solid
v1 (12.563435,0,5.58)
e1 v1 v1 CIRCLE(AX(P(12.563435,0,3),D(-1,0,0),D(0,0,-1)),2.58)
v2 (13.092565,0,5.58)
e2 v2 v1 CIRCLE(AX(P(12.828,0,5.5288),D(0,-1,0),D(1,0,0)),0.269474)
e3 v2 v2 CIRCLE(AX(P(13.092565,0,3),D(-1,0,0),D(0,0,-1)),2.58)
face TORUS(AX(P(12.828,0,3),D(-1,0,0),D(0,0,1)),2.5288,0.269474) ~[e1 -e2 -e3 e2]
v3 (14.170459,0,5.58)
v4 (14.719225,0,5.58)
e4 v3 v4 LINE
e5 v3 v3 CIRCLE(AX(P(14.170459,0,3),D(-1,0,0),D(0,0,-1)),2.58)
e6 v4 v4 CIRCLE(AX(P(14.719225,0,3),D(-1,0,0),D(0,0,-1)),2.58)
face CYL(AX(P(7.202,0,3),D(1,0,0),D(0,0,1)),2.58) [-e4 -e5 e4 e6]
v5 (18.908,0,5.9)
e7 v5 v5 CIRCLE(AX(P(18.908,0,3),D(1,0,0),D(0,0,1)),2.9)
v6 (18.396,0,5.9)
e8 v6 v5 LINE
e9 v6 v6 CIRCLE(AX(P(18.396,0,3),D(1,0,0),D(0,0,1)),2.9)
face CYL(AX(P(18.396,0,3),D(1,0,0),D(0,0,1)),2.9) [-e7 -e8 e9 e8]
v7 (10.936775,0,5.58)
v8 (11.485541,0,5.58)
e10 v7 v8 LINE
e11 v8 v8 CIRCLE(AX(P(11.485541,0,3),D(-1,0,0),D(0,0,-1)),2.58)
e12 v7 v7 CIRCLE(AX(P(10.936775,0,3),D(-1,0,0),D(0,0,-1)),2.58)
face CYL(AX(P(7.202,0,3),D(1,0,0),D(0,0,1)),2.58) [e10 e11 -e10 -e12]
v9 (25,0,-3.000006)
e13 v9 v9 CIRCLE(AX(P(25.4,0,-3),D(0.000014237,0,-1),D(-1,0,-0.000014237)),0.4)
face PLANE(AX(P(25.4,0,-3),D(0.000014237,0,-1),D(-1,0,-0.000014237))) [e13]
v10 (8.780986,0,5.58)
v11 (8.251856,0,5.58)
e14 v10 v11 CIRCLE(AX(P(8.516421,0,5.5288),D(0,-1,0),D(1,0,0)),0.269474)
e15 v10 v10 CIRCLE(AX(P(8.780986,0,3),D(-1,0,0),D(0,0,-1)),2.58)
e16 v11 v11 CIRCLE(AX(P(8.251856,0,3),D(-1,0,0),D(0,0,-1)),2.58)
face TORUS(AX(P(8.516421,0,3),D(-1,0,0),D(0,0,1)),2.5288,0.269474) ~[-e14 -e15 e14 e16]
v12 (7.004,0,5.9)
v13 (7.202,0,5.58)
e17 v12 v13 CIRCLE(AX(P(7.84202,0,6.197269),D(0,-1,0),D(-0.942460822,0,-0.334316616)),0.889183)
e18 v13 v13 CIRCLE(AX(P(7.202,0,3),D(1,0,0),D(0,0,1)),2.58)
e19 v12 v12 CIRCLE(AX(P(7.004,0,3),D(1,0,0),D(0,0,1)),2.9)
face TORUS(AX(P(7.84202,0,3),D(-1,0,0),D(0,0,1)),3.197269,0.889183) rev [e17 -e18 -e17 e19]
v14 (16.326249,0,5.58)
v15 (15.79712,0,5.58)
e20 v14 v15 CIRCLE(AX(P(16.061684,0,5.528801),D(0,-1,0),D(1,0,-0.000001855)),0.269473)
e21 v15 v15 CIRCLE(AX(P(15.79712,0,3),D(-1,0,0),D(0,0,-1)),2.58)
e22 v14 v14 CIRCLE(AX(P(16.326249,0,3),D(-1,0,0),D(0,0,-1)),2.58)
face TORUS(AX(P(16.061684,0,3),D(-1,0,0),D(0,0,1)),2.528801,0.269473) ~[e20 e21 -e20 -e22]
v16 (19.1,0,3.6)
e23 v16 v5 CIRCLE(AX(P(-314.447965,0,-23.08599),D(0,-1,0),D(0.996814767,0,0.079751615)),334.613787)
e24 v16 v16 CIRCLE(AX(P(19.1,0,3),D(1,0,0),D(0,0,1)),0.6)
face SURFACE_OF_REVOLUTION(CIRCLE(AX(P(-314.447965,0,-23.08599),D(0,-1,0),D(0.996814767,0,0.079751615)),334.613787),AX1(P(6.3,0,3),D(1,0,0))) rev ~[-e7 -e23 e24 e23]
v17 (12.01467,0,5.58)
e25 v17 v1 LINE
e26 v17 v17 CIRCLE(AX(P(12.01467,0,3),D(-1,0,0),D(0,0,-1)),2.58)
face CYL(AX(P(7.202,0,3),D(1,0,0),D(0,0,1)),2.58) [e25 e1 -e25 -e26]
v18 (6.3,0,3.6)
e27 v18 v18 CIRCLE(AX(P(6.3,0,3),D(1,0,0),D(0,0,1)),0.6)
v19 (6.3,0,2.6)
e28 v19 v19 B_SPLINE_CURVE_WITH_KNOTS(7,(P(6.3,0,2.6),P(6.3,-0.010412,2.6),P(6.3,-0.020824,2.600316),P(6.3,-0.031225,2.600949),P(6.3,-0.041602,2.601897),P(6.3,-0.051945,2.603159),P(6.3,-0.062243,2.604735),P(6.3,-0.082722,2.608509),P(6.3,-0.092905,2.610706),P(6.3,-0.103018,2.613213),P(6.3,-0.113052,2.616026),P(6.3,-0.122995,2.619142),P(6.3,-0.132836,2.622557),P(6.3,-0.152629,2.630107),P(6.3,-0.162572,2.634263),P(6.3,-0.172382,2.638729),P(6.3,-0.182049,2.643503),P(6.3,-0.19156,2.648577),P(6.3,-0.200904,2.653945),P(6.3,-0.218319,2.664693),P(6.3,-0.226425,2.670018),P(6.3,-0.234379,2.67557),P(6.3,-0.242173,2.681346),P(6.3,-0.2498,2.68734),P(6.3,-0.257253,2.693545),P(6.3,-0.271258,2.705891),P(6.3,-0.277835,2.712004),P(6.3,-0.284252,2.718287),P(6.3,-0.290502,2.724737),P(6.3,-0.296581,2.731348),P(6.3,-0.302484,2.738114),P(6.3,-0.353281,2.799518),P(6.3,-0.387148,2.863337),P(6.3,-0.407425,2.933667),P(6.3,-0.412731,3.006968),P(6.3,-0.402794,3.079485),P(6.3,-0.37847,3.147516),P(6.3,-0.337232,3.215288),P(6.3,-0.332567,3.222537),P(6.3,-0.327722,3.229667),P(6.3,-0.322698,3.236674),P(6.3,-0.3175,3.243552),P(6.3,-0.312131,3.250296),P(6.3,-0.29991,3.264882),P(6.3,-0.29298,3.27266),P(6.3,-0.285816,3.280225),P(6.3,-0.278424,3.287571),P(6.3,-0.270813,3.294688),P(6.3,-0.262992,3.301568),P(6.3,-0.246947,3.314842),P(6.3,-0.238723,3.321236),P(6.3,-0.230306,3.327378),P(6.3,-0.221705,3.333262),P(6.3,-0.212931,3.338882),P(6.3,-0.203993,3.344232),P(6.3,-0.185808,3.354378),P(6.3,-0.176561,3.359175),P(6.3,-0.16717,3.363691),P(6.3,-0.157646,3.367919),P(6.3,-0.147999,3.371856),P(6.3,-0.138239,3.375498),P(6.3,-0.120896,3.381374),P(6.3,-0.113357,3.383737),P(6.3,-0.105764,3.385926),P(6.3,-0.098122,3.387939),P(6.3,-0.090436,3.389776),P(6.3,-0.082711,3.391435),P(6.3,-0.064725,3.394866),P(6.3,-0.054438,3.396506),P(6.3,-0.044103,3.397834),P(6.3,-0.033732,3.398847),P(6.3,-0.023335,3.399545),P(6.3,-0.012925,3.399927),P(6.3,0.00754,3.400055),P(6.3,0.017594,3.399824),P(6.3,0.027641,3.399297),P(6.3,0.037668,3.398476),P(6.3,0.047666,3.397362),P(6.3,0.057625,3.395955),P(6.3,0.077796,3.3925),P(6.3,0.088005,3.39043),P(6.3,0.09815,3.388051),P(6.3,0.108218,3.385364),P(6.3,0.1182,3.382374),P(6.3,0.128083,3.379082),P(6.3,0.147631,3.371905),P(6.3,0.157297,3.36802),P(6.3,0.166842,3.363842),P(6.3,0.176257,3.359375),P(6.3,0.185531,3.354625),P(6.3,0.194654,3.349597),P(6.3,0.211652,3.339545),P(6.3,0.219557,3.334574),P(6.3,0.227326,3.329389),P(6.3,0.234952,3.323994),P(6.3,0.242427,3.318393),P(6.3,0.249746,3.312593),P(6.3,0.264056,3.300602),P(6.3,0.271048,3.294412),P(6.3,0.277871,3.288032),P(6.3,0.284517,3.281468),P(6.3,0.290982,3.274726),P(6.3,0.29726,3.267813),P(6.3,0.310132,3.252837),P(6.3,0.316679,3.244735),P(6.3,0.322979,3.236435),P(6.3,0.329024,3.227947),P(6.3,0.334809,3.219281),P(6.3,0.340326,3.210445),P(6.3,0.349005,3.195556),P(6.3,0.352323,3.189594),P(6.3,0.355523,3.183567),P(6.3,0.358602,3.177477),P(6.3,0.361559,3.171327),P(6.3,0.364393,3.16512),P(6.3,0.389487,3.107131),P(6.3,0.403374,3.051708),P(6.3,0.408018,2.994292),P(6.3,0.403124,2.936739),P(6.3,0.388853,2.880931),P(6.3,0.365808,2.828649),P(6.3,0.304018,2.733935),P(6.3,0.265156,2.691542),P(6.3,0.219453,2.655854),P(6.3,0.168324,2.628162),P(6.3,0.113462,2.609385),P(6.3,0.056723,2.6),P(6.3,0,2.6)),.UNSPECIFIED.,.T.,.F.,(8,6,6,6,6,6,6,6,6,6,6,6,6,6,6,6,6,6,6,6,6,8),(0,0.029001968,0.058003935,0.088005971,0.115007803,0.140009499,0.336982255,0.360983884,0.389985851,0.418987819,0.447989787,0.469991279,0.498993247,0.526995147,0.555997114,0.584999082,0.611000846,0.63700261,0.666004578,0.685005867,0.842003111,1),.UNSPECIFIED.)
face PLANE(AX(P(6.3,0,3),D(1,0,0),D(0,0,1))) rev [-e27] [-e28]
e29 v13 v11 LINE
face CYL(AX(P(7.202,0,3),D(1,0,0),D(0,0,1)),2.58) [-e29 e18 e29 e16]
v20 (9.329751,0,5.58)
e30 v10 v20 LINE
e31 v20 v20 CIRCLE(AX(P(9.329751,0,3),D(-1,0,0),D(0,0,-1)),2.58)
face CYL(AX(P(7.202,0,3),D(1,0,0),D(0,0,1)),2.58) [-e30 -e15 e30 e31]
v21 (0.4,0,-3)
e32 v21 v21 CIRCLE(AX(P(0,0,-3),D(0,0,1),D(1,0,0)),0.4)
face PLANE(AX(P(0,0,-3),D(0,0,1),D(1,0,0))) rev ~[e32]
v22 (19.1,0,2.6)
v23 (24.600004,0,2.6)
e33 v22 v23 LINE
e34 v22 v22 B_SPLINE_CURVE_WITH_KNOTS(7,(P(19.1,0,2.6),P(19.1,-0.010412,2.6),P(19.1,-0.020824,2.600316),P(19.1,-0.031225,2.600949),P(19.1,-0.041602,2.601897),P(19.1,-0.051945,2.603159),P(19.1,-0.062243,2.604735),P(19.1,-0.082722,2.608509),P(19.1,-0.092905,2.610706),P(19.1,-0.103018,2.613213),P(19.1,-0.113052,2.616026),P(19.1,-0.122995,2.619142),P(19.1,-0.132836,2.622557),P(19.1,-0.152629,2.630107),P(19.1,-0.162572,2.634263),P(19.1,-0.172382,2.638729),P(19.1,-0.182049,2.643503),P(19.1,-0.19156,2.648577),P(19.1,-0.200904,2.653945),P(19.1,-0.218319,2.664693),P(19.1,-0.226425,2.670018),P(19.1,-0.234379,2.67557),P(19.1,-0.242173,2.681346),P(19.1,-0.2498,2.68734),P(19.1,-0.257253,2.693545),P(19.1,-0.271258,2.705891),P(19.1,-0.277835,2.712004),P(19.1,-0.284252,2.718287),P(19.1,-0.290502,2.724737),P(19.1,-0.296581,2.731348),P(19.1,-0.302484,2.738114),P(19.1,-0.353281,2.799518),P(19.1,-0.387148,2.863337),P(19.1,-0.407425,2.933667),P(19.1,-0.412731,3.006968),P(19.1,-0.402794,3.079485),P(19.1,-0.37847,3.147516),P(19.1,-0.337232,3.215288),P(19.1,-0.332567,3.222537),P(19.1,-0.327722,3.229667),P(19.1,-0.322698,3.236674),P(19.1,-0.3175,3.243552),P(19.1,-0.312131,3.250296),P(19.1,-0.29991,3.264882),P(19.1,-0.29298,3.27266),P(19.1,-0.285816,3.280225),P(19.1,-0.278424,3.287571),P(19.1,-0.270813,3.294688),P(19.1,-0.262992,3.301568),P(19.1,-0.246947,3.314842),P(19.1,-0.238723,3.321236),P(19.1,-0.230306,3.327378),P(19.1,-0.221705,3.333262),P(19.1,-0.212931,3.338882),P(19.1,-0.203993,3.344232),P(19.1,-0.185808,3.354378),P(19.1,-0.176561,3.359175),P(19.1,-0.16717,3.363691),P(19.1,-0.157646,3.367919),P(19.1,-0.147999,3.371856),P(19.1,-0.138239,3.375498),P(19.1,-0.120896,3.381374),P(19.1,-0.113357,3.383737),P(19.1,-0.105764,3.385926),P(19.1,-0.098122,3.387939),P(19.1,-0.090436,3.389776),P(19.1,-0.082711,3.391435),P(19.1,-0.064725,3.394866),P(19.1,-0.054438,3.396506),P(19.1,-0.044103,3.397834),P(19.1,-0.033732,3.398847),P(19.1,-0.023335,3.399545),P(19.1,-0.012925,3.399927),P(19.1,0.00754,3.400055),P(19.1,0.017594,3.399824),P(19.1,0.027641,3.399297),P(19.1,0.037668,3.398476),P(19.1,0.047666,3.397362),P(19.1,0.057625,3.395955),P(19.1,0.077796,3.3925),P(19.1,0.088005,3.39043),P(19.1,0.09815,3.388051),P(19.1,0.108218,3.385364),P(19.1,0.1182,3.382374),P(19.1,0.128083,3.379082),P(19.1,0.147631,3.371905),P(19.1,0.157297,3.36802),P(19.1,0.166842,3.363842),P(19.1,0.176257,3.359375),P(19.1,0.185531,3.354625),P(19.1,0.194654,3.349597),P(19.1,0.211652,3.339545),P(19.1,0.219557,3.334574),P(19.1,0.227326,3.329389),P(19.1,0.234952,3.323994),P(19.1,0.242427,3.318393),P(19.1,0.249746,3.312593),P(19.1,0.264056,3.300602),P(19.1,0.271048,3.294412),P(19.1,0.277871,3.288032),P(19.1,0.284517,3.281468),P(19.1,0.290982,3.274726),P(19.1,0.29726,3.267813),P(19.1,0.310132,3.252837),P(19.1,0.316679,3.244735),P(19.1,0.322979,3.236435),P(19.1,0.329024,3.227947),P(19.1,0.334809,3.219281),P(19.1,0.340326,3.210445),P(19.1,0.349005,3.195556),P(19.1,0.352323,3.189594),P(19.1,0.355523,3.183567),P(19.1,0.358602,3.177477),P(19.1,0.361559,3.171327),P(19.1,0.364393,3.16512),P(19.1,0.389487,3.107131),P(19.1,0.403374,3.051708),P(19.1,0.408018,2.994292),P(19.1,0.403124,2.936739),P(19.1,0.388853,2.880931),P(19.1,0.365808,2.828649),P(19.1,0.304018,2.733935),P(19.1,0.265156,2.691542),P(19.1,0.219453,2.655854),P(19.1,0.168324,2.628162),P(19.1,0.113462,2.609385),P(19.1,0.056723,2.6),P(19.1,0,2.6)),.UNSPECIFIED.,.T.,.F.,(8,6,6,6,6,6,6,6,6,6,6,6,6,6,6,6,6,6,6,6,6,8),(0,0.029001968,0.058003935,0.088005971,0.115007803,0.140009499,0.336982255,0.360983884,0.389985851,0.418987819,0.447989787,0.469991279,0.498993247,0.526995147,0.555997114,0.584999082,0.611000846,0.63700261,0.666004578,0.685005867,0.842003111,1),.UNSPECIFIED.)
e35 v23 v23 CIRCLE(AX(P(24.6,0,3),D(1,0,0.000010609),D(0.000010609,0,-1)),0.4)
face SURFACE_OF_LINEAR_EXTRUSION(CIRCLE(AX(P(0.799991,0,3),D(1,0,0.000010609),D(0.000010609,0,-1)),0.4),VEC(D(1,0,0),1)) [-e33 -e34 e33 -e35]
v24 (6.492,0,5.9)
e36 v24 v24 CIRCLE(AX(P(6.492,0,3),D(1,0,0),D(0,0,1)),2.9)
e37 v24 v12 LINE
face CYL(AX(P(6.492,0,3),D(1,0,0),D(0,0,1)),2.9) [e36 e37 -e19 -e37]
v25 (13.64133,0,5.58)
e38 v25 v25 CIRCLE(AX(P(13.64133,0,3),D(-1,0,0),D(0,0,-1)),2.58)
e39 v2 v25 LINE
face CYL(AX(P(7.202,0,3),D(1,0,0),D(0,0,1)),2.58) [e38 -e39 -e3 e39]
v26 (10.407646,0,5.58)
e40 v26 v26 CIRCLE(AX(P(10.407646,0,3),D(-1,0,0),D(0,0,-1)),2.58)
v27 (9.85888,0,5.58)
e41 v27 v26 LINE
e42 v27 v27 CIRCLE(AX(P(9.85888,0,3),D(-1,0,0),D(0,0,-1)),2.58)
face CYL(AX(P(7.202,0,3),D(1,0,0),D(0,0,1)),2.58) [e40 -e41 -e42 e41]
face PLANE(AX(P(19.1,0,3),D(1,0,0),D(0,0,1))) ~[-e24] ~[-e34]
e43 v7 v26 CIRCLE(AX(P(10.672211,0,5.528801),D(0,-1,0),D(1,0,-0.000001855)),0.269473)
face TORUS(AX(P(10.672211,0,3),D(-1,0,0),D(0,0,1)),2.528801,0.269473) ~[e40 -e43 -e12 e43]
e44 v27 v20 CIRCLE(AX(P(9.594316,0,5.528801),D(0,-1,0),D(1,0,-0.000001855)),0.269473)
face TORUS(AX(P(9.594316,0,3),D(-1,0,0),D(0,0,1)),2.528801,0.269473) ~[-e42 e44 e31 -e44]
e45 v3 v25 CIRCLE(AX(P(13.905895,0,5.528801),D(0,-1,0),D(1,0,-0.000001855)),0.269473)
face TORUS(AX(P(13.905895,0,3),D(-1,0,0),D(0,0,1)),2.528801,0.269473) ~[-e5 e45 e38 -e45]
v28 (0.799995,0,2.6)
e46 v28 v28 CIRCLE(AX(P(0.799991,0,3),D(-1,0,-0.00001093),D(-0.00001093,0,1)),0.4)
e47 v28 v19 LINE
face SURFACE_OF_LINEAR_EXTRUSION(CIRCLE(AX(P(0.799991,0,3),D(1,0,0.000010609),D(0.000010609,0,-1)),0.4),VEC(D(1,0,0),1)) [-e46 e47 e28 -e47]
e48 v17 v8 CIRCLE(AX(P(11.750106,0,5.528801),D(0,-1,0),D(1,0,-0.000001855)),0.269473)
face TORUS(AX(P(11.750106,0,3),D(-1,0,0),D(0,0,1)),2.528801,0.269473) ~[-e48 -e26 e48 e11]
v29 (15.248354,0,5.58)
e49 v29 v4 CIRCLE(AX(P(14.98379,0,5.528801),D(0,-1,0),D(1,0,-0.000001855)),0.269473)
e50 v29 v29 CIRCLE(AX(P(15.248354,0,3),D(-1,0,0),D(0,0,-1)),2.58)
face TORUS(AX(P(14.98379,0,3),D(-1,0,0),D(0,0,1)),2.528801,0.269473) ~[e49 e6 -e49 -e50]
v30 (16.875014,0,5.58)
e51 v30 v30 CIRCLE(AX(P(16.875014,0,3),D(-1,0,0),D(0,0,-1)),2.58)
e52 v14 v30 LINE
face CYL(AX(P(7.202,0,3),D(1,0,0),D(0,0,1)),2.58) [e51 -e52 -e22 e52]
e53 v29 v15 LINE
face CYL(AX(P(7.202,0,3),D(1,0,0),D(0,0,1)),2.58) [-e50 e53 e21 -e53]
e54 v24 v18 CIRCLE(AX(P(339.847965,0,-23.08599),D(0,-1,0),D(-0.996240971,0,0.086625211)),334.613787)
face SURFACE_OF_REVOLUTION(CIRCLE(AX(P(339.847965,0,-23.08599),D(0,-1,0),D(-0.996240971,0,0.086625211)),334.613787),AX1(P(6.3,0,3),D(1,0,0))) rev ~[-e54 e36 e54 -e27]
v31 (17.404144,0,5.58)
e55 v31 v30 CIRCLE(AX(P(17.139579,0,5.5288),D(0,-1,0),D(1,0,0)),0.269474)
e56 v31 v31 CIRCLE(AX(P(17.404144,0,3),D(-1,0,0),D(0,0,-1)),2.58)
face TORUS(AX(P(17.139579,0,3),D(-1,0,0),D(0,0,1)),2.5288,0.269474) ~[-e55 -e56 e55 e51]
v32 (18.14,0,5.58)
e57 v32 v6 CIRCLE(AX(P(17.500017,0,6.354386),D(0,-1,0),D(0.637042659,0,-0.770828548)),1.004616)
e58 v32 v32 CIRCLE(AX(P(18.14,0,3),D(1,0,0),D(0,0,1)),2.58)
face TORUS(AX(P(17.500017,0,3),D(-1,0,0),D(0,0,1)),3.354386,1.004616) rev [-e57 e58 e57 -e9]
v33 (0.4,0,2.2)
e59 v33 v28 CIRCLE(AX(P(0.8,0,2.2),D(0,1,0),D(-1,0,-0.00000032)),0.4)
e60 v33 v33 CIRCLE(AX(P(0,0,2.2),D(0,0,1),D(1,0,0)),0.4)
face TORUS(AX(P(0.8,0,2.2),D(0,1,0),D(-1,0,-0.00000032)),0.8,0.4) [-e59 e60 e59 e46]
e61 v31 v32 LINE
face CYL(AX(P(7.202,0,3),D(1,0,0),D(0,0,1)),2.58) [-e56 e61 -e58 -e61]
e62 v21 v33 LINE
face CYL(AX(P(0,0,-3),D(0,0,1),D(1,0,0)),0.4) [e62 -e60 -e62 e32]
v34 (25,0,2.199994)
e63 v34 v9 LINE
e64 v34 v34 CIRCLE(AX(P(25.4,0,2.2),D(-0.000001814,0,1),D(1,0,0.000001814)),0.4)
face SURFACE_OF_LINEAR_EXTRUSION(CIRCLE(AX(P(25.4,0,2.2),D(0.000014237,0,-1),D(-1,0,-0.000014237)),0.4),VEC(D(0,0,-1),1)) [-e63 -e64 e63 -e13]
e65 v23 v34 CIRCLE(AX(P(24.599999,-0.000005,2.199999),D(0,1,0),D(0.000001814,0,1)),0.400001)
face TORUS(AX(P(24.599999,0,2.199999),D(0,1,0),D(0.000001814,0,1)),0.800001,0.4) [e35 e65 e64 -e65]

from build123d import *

# Parameters (mm, degrees)
SKETCH_R = 0.4


with BuildPart() as sweep_body:
    # Sweep: sweep along a path in Sketch001
    with BuildLine(Plane.XZ) as sweep_path:
        Line((0, -3), (0, 2.2))
        ThreePointArc((0, 2.2), (0.234311, 2.765682), (0.799991, 3))
        Line((0.799991, 3), (24.6, 3))
        ThreePointArc((24.6, 3), (25.165685, 2.765685), (25.4, 2.2))
        Line((25.4, 2.2), (25.4, -3))
    # Sketch → Sweep (sweep)
    with BuildSketch(Plane.XY.offset(-2)):
        Circle(SKETCH_R)
    sweep(path=sweep_path.line)


with BuildPart() as revolution:
    # Sketch002 → Revolution (revolve)
    with BuildSketch(Plane.XZ):
        with BuildLine():
            Line((6.492, 5.9), (7.004, 5.9))
            ThreePointArc((7.004, 5.9), (7.085878, 5.729406), (7.202, 5.58))
            Line((7.202, 5.58), (18.14, 5.58))
            ThreePointArc((18.14, 5.58), (18.28449, 5.726808), (18.396, 5.9))
            Line((18.396, 5.9), (18.908, 5.9))
            ThreePointArc((19.1, 3.6), (19.005983, 4.750166), (18.908, 5.9))
            Line((19.1, 3), (19.1, 3.6))
            Line((6.3, 3), (19.1, 3))
            Line((6.3, 3), (6.3, 3.6))
            ThreePointArc((6.492, 5.9), (6.394017, 4.750166), (6.3, 3.6))
        make_face()
    revolve(axis=Axis((6.3, 0, 3), (1, 0, 0)))


with BuildPart() as revolution001_mp_cp:
    # Sketch003 → Revolution001 (revolve)
    with BuildSketch(Plane.XZ):
        with BuildLine():
            ThreePointArc((8.785895, 5.5288), (8.516421, 5.798274), (8.246947, 5.5288))
            Line((7.708, 5.5288), (8.246947, 5.5288))
            Line((7.708, 5.5288), (7.708, 4.9488))
            Line((7.708, 4.9488), (17.948, 4.9488))
            Line((17.948, 4.9488), (17.948, 5.5288))
            Line((17.409053, 5.5288), (17.948, 5.5288))
            ThreePointArc((17.409053, 5.5288), (17.139579, 5.798274), (16.870105, 5.5288))
            Line((16.331158, 5.5288), (16.870105, 5.5288))
            ThreePointArc((16.331158, 5.5288), (16.061684, 5.798274), (15.792211, 5.5288))
            Line((15.253263, 5.5288), (15.792211, 5.5288))
            ThreePointArc((15.253263, 5.5288), (14.983789, 5.798274), (14.714316, 5.5288))
            Line((14.175368, 5.5288), (14.714316, 5.5288))
            ThreePointArc((14.175368, 5.5288), (13.905895, 5.798274), (13.636421, 5.5288))
            Line((13.097474, 5.5288), (13.636421, 5.5288))
            ThreePointArc((13.097474, 5.5288), (12.828, 5.798274), (12.558526, 5.5288))
            Line((12.019579, 5.5288), (12.558526, 5.5288))
            ThreePointArc((12.019579, 5.5288), (11.750105, 5.798274), (11.480632, 5.5288))
            Line((10.941684, 5.5288), (11.480632, 5.5288))
            ThreePointArc((10.941684, 5.5288), (10.672211, 5.798274), (10.402737, 5.5288))
            Line((9.863789, 5.5288), (10.402737, 5.5288))
            ThreePointArc((9.863789, 5.5288), (9.594316, 5.798274), (9.324842, 5.5288))
            Line((8.785895, 5.5288), (9.324842, 5.5288))
        make_face()
    revolve(axis=Axis((6.62, 0, 3), (1, 0, 0)))

    # Revolution001_mp_cp: union Sweep body, Revolution
    add(sweep_body.part)
    add(revolution.part)


solid = revolution001_mp_cp.part
